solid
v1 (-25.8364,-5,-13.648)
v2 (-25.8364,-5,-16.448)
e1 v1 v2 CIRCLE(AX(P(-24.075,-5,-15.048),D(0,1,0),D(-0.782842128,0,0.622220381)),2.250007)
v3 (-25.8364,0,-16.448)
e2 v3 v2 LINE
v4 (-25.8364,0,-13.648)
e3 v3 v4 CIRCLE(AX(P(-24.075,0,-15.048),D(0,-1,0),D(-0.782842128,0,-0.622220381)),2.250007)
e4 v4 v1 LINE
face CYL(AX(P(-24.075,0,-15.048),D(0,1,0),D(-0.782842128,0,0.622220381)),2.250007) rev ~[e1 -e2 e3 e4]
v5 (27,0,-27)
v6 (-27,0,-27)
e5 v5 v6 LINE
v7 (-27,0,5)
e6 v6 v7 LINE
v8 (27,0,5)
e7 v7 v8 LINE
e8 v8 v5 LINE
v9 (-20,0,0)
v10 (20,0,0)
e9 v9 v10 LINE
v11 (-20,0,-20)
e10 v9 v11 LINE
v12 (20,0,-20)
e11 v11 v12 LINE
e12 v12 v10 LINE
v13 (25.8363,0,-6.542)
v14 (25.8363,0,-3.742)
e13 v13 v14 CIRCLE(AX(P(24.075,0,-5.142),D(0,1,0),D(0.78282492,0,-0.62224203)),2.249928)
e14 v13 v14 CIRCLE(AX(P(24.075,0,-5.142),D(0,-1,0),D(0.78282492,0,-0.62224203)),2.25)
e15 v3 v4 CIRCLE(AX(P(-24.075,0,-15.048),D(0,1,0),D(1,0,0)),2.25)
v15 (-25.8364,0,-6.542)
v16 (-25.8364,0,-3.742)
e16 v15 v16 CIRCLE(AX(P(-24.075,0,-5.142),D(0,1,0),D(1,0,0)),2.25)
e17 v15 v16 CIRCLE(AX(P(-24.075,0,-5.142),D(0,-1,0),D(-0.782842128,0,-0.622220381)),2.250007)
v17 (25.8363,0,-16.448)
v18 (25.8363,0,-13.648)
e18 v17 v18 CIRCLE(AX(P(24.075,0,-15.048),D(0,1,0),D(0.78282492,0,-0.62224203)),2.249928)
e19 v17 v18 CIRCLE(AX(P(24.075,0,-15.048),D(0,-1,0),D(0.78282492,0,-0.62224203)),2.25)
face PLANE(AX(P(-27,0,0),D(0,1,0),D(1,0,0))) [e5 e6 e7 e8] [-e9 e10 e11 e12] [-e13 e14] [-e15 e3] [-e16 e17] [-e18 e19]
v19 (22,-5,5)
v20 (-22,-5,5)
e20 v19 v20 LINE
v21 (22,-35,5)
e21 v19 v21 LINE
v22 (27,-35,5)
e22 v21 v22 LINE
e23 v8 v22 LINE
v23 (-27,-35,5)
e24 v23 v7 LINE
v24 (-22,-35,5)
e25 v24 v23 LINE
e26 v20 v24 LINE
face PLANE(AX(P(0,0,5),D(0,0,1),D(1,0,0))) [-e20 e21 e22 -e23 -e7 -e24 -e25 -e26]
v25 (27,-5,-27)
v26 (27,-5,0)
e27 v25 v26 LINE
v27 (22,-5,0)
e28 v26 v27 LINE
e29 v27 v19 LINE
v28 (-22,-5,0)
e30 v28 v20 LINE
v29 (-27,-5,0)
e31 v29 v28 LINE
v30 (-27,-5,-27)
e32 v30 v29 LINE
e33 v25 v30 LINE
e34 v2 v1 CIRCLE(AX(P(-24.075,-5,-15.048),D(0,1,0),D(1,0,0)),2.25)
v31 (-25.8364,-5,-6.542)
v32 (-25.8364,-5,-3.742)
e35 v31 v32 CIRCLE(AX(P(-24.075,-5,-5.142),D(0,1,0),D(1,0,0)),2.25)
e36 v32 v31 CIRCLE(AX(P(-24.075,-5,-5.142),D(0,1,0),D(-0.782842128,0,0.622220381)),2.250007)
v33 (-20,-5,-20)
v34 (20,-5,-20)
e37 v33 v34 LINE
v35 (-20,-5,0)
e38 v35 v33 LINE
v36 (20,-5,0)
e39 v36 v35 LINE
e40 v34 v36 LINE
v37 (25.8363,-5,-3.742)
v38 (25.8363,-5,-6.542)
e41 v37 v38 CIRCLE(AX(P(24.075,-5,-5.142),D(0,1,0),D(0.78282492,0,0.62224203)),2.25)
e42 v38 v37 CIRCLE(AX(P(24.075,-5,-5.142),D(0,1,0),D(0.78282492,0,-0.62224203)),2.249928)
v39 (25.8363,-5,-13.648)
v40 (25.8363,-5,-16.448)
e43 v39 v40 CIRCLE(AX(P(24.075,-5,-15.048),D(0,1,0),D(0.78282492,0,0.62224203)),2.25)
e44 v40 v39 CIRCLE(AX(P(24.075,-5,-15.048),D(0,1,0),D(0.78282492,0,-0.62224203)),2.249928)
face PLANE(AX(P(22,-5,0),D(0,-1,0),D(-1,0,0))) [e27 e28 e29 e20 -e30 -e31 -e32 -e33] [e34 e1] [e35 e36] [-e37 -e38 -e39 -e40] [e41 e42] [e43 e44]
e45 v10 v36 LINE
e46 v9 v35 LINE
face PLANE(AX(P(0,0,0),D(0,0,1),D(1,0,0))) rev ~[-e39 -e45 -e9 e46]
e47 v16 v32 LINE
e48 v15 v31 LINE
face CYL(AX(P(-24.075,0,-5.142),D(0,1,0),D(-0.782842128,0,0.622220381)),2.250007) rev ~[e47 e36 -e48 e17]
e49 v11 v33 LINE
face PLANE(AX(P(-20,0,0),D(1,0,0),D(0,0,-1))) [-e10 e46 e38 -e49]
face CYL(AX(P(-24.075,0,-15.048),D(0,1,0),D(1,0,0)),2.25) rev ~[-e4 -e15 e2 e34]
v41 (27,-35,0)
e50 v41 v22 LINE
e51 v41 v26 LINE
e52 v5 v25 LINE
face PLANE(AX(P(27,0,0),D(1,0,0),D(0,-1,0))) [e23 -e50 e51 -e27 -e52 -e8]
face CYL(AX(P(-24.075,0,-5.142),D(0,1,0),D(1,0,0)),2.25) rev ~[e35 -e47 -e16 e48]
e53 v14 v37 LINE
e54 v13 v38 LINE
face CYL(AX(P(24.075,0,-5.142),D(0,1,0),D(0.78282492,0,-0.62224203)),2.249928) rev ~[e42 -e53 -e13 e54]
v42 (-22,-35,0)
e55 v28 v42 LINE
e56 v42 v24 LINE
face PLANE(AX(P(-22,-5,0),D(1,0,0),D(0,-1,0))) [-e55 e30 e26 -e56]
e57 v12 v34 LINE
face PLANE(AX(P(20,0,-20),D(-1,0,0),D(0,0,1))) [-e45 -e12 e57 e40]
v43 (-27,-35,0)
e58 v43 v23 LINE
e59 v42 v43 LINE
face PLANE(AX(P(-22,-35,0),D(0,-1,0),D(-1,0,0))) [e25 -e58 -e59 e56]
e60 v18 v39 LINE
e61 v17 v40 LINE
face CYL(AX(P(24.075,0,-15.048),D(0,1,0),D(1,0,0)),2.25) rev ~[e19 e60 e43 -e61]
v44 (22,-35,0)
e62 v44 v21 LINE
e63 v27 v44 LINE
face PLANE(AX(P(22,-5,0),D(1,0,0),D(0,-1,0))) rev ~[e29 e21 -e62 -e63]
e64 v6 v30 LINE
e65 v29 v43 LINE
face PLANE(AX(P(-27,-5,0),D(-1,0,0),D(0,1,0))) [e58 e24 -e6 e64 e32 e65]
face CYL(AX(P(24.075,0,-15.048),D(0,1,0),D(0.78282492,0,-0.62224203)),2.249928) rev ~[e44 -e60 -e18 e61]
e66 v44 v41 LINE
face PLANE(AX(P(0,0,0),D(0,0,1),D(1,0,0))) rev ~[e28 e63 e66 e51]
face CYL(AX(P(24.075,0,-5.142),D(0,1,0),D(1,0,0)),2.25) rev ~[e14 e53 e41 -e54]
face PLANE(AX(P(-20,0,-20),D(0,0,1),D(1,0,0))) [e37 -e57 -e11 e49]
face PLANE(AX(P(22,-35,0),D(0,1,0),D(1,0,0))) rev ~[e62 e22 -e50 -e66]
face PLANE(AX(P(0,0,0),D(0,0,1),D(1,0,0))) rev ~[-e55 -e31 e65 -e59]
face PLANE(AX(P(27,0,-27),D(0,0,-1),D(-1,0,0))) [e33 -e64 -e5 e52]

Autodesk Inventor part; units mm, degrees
ref_plane "YZ Plane" through (0, 0, 0) normal (1, 0, 0) x (0, 1, 0)
ref_plane "XZ Plane" through (0, 0, 0) normal (0, 1, 0) x (-1, 0, 0)
ref_plane "XY Plane" through (0, 0, 0) normal (0, 0, 1) x (1, 0, 0)
sketch "Эскиз1" plane through (0, 0, 0) normal (0, 0, 1) x (1, 0, 0)
  line L0 (-27, 0) -> (27, 0)
  line L1 (27, 0) -> (27, -5)
  line L2 (27, -5) -> (-27, -5)
  line L3 (-27, -5) -> (-27, 0)
  line L4 (27, -5) -> (22, -5)
  line L5 (22, -5) -> (22, -35)
  line L6 (22, -35) -> (27, -35)
  line L7 (27, -35) -> (27, -5)
  line L8 (-27, -5) -> (-22, -5)
  line L9 (-22, -5) -> (-22, -35)
  line L10 (-22, -35) -> (-27, -35)
  line L11 (-27, -35) -> (-27, -5)
  point P0 (0, 0)
  point P1 (0, 0)
  point P2 (-22, -5)
  point P3 (22, -5)
  dimension "d0" = 35
  dimension "d1" = 5
  dimension "d2" = 54
  dimension "d3" = 5
extrude "Выдавливание1" add sketch "Эскиз1" along normal blind 5
sketch "Эскиз3" plane through (-27, 0, 0) normal (0, 1, 0) x (1, 0, 0)
  line L0 (0, 0) -> (7, 0)
  line L1 (7, 0) -> (7, 20)
  line L2 (7, 20) -> (0, 20)
  line L3 (0, 20) -> (0, 0)
  line L4 (0, 20) -> (54, 20)
  line L5 (54, 20) -> (54, 27)
  line L6 (54, 27) -> (0, 27)
  line L7 (0, 27) -> (0, 20)
  line L8 (54, 0) -> (0, 0) projected
  line L9 (54, 20) -> (47, 20)
  line L10 (47, 20) -> (47, 0)
  line L11 (47, 0) -> (54, 0)
  line L12 (54, 0) -> (54, 20)
  line L13 (54, 0) -> (54, -5) projected
  point P0 (27, 0)
  point P1 (54, 0)
  dimension "d6" = 7
  dimension "d7" = 7
  dimension "d8" = 7
  dimension "d9" = 20
extrude "Выдавливание2" add sketch "Эскиз3" against normal blind 5 contours L3 L2 L1 L0 | L7 L6 L5 L4 L2 | L10 L4 L12 L8
sketch "Эскиз4" plane through (-27, 0, 5) normal (0, 1, 0) x (1, 0, 0)
  arc A0 (52.8363, 21.448) -> (52.8363, 18.648) centre (51.075, 20.048) ccw projected
  arc A1 (52.8363, 11.542) -> (52.8363, 8.742) centre (51.075, 10.142) ccw projected
  arc A2 (1.1636, 8.742) -> (1.1636, 11.542) centre (2.925, 10.142) ccw projected
  arc A3 (1.1636, 18.648) -> (1.1636, 21.448) centre (2.925, 20.048) ccw projected
  circle A4 centre (51.075, 20.048) radius 2.25
  circle A5 centre (51.075, 10.142) radius 2.25
  circle A6 centre (2.925, 10.142) radius 2.25
  circle A7 centre (2.925, 20.048) radius 2.25
  point P0 (27, 5)
  point P1 (1.1636, 21.448)
  point P2 (1.1636, 11.542)
  point P3 (52.8363, 8.742)
  point P4 (52.8363, 21.448)
extrude "Выдавливание3" cut sketch "Эскиз4" against normal blind 5
properties part number "держатель_сервы"
